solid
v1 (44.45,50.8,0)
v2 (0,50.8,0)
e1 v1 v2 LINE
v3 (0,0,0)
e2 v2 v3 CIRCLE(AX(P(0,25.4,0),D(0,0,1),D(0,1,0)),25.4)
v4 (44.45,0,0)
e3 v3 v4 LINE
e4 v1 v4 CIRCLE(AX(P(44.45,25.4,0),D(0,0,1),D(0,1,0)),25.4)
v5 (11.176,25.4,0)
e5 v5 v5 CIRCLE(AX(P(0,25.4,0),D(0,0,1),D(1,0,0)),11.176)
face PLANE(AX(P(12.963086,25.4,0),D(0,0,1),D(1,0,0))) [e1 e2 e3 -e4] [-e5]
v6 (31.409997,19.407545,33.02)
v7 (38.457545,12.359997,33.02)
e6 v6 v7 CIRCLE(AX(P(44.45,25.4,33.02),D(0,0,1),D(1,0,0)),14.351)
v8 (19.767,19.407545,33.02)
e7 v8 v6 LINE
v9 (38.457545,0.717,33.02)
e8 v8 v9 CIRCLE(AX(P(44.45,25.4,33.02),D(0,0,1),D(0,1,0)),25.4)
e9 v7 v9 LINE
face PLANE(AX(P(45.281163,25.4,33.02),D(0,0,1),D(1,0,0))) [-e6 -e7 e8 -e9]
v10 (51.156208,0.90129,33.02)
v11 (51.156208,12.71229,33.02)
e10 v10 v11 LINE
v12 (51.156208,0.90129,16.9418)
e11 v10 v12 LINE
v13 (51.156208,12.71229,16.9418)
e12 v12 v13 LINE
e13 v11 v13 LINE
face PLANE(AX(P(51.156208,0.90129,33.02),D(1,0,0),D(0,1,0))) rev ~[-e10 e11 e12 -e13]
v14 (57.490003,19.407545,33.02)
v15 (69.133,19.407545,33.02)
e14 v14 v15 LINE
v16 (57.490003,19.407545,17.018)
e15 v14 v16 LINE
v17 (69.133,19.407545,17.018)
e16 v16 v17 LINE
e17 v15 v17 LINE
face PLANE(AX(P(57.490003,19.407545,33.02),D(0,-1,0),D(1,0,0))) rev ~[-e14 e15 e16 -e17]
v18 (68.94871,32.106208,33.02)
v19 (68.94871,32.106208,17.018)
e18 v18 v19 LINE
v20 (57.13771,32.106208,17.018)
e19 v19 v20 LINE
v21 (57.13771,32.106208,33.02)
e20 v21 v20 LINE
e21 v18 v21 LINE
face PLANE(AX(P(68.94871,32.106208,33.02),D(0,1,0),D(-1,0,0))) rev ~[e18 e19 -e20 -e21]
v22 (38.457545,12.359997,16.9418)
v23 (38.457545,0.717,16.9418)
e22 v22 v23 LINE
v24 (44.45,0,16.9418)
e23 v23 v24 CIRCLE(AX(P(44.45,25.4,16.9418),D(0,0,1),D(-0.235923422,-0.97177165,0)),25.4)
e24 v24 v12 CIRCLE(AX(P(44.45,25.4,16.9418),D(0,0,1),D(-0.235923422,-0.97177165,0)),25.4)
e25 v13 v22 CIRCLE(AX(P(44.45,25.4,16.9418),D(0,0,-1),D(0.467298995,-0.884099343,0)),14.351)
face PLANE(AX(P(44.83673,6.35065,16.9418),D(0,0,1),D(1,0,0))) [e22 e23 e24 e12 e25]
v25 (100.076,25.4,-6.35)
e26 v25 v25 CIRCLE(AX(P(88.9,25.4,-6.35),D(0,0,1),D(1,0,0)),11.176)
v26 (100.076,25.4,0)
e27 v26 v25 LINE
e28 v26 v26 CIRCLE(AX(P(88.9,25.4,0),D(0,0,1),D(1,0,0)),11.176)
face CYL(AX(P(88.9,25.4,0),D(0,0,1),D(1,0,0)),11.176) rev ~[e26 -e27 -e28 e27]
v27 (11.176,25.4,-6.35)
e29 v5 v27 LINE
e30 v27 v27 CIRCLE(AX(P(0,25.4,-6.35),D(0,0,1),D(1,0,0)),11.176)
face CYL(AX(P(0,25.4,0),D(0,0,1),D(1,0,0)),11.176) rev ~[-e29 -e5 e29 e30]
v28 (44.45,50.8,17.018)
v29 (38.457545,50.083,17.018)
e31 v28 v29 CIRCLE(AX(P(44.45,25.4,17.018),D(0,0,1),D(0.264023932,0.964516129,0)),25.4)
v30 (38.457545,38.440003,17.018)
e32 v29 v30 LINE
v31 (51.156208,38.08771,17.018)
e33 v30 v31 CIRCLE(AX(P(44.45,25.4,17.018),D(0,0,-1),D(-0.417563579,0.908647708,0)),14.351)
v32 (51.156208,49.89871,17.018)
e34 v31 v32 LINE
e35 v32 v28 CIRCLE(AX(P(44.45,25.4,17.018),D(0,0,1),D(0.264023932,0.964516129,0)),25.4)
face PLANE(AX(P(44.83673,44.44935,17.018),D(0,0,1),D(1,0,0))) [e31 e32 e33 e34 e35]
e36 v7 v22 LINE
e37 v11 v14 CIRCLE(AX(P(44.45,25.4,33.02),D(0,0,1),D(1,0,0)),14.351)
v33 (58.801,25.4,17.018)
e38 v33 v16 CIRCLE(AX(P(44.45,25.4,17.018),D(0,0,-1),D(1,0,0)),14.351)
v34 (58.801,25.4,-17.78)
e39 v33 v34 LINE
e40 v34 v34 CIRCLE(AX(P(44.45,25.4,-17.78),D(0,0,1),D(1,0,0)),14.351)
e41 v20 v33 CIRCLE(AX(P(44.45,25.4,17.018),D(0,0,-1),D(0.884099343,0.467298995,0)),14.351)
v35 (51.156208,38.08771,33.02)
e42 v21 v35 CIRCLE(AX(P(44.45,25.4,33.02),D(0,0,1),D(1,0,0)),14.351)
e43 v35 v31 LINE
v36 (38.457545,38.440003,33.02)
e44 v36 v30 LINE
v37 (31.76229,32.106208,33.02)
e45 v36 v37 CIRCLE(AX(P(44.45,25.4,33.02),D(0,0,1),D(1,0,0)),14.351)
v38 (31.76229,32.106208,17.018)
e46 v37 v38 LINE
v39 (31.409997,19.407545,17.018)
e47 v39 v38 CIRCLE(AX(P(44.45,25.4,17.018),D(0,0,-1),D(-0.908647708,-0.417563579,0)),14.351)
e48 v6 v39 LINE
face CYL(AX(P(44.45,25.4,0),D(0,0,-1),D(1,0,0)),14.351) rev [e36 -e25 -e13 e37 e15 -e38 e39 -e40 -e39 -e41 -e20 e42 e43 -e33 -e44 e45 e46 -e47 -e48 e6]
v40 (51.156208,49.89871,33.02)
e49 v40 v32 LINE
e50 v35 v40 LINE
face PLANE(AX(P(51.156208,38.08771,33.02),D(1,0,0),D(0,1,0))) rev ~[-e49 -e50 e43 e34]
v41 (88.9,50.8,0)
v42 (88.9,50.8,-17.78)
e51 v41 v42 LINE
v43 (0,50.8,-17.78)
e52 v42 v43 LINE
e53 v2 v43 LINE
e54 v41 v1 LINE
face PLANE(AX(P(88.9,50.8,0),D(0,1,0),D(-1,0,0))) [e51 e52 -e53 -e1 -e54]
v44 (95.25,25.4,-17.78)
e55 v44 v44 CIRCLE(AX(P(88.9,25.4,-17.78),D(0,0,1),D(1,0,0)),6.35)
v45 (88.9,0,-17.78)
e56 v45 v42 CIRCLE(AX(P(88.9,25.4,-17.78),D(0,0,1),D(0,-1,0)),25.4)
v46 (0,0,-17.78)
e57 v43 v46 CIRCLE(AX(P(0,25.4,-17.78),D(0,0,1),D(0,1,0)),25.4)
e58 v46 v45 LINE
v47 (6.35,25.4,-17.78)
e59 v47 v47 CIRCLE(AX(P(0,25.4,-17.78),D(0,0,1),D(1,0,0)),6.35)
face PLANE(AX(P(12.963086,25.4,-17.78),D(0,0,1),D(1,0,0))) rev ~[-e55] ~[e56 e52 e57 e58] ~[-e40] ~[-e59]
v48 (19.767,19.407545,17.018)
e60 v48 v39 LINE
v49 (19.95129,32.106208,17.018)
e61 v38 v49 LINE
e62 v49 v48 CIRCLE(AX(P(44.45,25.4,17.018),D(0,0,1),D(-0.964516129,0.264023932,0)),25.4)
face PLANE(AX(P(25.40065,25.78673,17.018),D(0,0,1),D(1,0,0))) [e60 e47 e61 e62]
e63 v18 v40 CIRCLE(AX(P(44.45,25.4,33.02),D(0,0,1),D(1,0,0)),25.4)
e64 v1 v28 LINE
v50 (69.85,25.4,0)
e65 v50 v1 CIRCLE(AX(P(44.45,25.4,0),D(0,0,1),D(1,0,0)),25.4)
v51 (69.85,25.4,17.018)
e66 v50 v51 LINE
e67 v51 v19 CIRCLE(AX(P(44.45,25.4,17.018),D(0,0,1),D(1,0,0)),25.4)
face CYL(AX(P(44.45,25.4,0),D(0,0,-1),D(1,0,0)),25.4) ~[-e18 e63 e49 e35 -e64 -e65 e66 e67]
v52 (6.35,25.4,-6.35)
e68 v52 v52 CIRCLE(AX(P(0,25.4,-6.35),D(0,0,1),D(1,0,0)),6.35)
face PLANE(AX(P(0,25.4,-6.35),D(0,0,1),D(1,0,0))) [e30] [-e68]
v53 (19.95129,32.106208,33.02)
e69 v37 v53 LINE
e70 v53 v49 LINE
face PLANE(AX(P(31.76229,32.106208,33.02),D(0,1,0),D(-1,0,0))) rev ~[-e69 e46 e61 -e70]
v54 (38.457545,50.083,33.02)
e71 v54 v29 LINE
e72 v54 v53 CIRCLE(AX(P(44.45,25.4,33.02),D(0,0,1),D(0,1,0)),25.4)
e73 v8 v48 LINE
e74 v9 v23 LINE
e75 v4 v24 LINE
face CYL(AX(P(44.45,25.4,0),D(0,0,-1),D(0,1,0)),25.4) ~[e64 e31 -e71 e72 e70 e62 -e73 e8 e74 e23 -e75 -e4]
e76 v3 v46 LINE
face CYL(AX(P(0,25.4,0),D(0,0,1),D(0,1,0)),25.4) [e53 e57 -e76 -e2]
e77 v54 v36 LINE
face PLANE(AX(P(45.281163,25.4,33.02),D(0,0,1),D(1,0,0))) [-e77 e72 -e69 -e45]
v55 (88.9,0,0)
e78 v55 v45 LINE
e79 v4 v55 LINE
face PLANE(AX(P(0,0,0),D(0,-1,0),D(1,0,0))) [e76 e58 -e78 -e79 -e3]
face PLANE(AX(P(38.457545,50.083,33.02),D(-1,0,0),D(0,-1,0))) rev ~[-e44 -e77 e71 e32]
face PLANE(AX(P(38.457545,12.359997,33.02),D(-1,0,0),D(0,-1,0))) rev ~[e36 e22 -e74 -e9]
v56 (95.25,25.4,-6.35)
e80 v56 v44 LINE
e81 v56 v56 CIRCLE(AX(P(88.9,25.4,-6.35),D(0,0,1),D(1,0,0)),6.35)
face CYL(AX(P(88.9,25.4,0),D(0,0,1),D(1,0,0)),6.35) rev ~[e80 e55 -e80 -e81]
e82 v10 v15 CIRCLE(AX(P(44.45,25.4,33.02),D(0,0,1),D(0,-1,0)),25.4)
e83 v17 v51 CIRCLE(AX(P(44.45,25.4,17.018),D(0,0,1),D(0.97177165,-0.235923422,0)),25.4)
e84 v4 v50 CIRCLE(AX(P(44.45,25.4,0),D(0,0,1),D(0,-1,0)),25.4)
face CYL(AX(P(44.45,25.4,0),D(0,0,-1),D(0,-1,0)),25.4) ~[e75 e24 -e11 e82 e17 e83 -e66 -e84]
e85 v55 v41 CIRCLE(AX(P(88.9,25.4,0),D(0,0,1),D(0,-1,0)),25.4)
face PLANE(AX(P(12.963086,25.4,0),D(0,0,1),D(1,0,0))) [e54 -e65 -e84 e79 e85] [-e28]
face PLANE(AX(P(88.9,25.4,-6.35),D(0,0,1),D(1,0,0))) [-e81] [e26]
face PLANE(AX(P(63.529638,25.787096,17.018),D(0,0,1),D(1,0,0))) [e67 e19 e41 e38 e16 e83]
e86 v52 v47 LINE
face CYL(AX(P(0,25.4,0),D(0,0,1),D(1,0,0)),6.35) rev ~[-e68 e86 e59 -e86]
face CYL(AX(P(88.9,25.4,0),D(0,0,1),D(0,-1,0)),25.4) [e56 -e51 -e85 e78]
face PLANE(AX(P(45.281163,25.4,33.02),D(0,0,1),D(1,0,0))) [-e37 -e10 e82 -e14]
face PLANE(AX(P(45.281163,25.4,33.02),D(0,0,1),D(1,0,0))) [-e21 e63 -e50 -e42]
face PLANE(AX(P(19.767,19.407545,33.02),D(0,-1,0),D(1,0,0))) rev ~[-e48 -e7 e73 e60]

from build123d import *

# Parameters (mm, degrees)
F0_R     = 6.35
F0_R_2   = 14.351
F1_DEPTH = 17.78
F2_DEPTH = 33.02
F4_DEPTH = 16.002
F5_DEPTH = 16.0782
F6_DEPTH = 16.002
F7_DEPTH = 16.002
F8_R     = 11.176
F8_R_2   = 6.35
F9_DEPTH = 6.35


with BuildPart() as f1:
    # F0 (on Top) → F1 (new body)
    with BuildSketch(Plane.XY):
        with BuildLine():
            Line((44.45, 50.8), (0, 50.8))
            ThreePointArc((0, 50.8), (-25.4, 25.4), (0, 0))
            Line((0, 0), (44.45, 0))
            ThreePointArc((44.45, 0), (19.05, 25.4), (44.45, 50.8))
        make_face()
        with Locations((0, 25.4)):
            Circle(F0_R, mode=Mode.SUBTRACT)
        with BuildLine():
            Line((88.9, 50.8), (44.45, 50.8))
            ThreePointArc((44.45, 50.8), (62.4105122421, 43.3605122421), (69.85, 25.4))
            ThreePointArc((69.85, 25.4), (62.4105122421, 7.4394877579), (44.45, 0))
            Line((44.45, 0), (88.9, 0))
            ThreePointArc((88.9, 0), (114.3, 25.4), (88.9, 50.8))
        make_face()
        with Locations((88.9, 25.4)):
            Circle(F0_R, mode=Mode.SUBTRACT)
        with BuildLine():
            ThreePointArc((69.85, 25.4), (62.4105122421, 43.3605122421), (44.45, 50.8))
            ThreePointArc((44.45, 50.8), (19.05, 25.4), (44.45, 0))
            ThreePointArc((44.45, 0), (62.4105122421, 7.4394877579), (69.85, 25.4))
        make_face()
        with Locations((44.45, 25.4)):
            Circle(F0_R_2, mode=Mode.SUBTRACT)
    extrude(amount=-F1_DEPTH)

    # F0 (on Top) → F2 (join)
    with BuildSketch(Plane.XY):
        with BuildLine():
            ThreePointArc((69.85, 25.4), (62.4105122421, 43.3605122421), (44.45, 50.8))
            ThreePointArc((44.45, 50.8), (19.05, 25.4), (44.45, 0))
            ThreePointArc((44.45, 0), (62.4105122421, 7.4394877579), (69.85, 25.4))
        make_face()
        with Locations((44.45, 25.4)):
            Circle(F0_R_2, mode=Mode.SUBTRACT)
    extrude(amount=F2_DEPTH)

    # F3 (on face) → F4 (cut)
    with BuildSketch(Plane.XY.offset(33.02)):
        with BuildLine():
            ThreePointArc((58.801, 25.4), (58.4694202402, 22.3329073818), (57.4900032571, 19.4075450727))
            Line((57.4900032571, 19.4075450727), (69.1329998976, 19.4075450727))
            ThreePointArc((69.1329998976, 19.4075450727), (69.6701129795, 22.3824014017), (69.85, 25.4))
            ThreePointArc((69.85, 25.4), (69.6236690394, 28.7832509657), (68.9487096774, 32.1062078809))
            Line((68.9487096774, 32.1062078809), (57.1377096774, 32.1062078809))
            ThreePointArc((57.1377096774, 32.1062078809), (58.3789720113, 28.8546982082), (58.801, 25.4))
        make_face()
    extrude(amount=-F4_DEPTH, mode=Mode.SUBTRACT)

    # F3 (on face) → F5 (cut)
    with BuildSketch(Plane.XY.offset(33.02)):
        with BuildLine():
            ThreePointArc((51.1562078809, 12.7122903226), (44.8479805413, 11.0545194403), (38.4575450727, 12.3599967429))
            Line((38.4575450727, 12.3599967429), (38.4575450727, 0.7170001024))
            ThreePointArc((38.4575450727, 0.7170001024), (44.8185804404, 0.0026743837), (51.1562078809, 0.9012903226))
            Line((51.1562078809, 0.9012903226), (51.1562078809, 12.7122903226))
        make_face()
    extrude(amount=-F5_DEPTH, mode=Mode.SUBTRACT)

    # F3 (on face) → F6 (cut)
    with BuildSketch(Plane.XY.offset(33.02)):
        with BuildLine():
            Line((19.7670001024, 19.4075450727), (31.4099967429, 19.4075450727))
            ThreePointArc((31.4099967429, 19.4075450727), (30.1045194403, 25.7979805413), (31.7622903226, 32.1062078809))
            Line((31.7622903226, 32.1062078809), (19.9512903226, 32.1062078809))
            ThreePointArc((19.9512903226, 32.1062078809), (19.0526743837, 25.7685804404), (19.7670001024, 19.4075450727))
        make_face()
    extrude(amount=-F6_DEPTH, mode=Mode.SUBTRACT)

    # F3 (on face) → F7 (cut)
    with BuildSketch(Plane.XY.offset(33.02)):
        with BuildLine():
            Line((38.4575450727, 50.0829998976), (38.4575450727, 38.4400032571))
            ThreePointArc((38.4575450727, 38.4400032571), (44.8479805413, 39.7454805597), (51.1562078809, 38.0877096774))
            Line((51.1562078809, 38.0877096774), (51.1562078809, 49.8987096774))
            ThreePointArc((51.1562078809, 49.8987096774), (44.8185804404, 50.7973256163), (38.4575450727, 50.0829998976))
        make_face()
    extrude(amount=-F7_DEPTH, mode=Mode.SUBTRACT)

    # F8 (on Top) → F9 (cut)
    with BuildSketch(Plane.XY):
        with Locations((0, 25.4)):
            Circle(F8_R)
        with Locations((0, 25.4)):
            Circle(F8_R_2, mode=Mode.SUBTRACT)
        with Locations((88.9, 25.4)):
            Circle(F8_R)
        with Locations((88.9, 25.4)):
            Circle(F8_R_2, mode=Mode.SUBTRACT)
    extrude(amount=-F9_DEPTH, mode=Mode.SUBTRACT)


solid = f1.part
